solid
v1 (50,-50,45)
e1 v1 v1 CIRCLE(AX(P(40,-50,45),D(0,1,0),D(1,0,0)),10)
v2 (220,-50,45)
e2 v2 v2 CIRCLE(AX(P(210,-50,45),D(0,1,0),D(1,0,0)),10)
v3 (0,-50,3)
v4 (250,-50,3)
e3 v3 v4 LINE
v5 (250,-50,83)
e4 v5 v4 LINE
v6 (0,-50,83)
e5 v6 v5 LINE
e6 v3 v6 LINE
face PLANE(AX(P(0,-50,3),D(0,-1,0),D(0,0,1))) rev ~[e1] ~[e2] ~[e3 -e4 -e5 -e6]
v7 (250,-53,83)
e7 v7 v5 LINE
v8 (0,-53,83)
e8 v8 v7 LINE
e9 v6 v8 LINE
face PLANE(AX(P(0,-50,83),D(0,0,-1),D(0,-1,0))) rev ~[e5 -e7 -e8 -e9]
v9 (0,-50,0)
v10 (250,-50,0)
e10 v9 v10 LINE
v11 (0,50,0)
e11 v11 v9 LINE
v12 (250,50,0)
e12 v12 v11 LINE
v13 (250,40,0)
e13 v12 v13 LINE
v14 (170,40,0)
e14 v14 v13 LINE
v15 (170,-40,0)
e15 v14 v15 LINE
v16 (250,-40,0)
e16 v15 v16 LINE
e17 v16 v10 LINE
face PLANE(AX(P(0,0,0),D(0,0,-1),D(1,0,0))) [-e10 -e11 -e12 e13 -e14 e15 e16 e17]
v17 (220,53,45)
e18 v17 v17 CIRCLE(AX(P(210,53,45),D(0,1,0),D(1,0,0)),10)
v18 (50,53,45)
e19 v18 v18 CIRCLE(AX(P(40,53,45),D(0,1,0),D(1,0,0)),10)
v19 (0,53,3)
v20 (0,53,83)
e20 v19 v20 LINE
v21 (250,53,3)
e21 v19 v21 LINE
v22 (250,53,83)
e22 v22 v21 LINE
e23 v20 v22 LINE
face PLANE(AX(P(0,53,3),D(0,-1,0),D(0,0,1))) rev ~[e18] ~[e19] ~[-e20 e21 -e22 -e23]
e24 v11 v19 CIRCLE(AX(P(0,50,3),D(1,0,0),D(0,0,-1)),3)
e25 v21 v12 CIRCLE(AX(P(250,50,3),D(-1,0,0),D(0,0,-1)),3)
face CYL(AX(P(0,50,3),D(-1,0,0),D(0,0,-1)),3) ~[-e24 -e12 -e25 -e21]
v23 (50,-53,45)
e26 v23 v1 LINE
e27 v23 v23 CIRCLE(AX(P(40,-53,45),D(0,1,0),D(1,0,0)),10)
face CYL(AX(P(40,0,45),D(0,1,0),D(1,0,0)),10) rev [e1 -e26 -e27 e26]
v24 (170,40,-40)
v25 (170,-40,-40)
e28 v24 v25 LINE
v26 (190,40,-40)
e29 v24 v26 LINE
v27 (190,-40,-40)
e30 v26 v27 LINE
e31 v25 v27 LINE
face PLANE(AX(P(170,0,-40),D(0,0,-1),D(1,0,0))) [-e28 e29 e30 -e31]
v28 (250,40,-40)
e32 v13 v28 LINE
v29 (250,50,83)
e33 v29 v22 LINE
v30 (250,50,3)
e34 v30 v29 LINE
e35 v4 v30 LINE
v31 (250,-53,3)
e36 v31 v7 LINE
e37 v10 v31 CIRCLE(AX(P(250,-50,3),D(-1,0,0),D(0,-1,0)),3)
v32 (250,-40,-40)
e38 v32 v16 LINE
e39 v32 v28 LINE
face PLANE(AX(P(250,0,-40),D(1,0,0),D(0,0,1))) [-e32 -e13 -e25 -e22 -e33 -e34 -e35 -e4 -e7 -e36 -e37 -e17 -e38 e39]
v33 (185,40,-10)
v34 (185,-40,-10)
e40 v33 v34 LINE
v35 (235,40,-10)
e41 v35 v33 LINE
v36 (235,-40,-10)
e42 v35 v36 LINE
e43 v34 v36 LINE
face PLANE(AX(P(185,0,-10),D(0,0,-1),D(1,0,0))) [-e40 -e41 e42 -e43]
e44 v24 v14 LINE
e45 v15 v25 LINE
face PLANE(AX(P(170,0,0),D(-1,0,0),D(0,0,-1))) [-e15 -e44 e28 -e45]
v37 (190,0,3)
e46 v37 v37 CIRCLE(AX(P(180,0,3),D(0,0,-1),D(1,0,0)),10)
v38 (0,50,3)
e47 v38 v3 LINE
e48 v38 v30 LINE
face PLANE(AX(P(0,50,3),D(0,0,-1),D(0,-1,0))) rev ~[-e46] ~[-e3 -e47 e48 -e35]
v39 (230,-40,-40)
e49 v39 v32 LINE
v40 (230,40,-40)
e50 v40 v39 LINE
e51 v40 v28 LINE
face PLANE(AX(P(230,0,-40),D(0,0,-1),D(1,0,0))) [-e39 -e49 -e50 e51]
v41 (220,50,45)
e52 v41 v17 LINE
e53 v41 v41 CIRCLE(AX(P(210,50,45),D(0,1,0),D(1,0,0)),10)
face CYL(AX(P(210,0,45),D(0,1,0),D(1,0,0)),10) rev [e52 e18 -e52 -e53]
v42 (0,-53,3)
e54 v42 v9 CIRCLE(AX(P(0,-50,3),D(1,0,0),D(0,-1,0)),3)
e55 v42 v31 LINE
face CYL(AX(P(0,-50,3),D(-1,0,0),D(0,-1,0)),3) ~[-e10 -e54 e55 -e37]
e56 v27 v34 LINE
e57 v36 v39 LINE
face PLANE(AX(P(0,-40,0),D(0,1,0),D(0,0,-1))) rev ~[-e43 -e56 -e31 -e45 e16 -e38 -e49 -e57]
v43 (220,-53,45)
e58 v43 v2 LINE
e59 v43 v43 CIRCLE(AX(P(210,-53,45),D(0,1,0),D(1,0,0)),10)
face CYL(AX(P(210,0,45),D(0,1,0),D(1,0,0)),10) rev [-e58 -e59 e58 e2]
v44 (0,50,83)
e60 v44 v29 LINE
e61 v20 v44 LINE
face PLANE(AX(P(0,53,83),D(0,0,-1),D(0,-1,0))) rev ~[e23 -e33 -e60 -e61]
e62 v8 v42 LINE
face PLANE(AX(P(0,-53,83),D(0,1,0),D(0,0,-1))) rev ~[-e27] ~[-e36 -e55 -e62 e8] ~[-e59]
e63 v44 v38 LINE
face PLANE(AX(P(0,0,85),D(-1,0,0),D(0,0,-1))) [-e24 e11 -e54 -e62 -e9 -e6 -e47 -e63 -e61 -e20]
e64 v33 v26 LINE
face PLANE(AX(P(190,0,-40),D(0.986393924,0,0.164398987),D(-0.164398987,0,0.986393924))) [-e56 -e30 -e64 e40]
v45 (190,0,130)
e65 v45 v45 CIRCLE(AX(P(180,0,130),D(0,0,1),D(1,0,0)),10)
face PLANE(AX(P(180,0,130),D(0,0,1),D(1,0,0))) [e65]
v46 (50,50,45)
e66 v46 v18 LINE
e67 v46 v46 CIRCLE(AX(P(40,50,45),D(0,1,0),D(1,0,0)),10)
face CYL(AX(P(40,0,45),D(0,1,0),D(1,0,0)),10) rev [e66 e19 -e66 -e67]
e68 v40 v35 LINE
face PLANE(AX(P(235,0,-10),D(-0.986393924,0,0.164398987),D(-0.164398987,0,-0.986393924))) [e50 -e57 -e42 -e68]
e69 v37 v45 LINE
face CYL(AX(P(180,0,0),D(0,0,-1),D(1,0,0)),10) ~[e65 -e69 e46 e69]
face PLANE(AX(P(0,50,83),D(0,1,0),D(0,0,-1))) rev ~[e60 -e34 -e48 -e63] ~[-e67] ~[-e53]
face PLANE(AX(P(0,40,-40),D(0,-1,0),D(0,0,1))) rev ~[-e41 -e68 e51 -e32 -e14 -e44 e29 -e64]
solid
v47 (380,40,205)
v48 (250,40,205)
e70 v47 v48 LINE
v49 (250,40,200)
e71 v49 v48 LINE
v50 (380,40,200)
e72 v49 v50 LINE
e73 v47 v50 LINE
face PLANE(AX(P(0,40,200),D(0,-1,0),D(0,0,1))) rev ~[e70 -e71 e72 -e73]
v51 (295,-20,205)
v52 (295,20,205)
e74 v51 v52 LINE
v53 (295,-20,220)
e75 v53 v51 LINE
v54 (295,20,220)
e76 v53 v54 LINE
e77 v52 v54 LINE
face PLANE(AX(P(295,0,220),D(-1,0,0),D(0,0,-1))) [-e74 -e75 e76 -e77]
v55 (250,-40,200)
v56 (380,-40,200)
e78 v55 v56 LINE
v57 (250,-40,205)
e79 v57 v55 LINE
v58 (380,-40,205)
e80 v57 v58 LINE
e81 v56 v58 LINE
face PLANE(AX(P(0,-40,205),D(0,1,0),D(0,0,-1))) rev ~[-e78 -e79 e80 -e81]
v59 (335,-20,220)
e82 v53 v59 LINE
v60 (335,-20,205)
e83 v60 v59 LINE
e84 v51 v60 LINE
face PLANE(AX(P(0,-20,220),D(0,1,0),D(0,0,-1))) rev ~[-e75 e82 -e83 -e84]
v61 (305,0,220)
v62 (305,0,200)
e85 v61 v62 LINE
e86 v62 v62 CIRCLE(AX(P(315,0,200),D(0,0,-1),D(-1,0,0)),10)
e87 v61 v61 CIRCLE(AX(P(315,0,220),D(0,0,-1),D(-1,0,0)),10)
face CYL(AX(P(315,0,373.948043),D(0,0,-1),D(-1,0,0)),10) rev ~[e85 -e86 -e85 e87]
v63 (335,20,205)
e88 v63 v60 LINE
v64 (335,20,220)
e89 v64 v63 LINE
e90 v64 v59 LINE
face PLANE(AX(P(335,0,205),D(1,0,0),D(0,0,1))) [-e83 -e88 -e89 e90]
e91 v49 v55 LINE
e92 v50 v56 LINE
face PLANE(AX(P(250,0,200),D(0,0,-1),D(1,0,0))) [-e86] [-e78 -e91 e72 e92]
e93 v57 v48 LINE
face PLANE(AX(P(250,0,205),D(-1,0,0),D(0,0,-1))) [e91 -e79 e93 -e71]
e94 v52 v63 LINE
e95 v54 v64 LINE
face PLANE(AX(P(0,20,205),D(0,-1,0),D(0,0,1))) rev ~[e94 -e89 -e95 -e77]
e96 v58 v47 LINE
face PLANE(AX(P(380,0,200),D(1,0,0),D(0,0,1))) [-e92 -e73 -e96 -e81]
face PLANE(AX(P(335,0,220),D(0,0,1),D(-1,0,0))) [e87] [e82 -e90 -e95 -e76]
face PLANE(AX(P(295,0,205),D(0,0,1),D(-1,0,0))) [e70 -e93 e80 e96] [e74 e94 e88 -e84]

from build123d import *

# Parameters (mm, degrees)
F0_W     = 250
F0_H     = 80
F0_R     = 10
F3_DEPTH = 103
F4_DEPTH = 437
F2_R     = 10
F5_DEPTH = 130
F7_D     = 20


with BuildPart() as f3:
    # F0 (on Front) → F3 (new body, symmetric)
    with BuildSketch(Plane.XZ):
        with Locations((125, 45)):
            Rectangle(F0_W, F0_H)
        with Locations((40, 45)):
            Circle(F0_R, mode=Mode.SUBTRACT)
        with Locations((210, 45)):
            Circle(F0_R, mode=Mode.SUBTRACT)
        Polygon((0, 5), (0, 0), (170, 0), (250, 0), (250, 5), align=None)
        Polygon((250, 0), (170, 0), (170, -40), (190, -40), (185, -10), (235, -10), (230, -40), (250, -40), align=None)
    extrude(amount=F3_DEPTH, both=True)


with BuildPart() as f3b:
    # F0 (on Front) → F3, piece 2 (new body, symmetric)
    with BuildSketch(Plane.XZ):
        Polygon((250, 205), (250, 200), (380, 200), (380, 205), (335, 205), (335, 220), (295, 220), (295, 205), align=None)
    extrude(amount=F3_DEPTH, both=True)


with BuildPart() as f4_tool:
    # F1 (on Right) → F4 (new body)
    with BuildSketch(Plane.YZ):
        with BuildLine():
            Line((-40, 0), (0, 0))
            Line((0, 0), (40, 0))
            Line((40, 0), (50, 0))
            ThreePointArc((50, 0), (52.1213203436, 0.8786796564), (53, 3))
            Line((53, 3), (53, 83))
            Line((53, 83), (50, 83))
            Line((50, 83), (50, 3))
            Line((50, 3), (-50, 3))
            Line((-50, 3), (-50, 83))
            Line((-50, 83), (-53, 83))
            Line((-53, 83), (-53, 3))
            ThreePointArc((-53, 3), (-52.1213203436, 0.8786796564), (-50, 0))
            Line((-50, 0), (-40, 0))
        make_face()
        Polygon((40, 0), (0, 0), (-40, 0), (-40, -40), (0, -40), (40, -40), align=None)
        Polygon((-40, 200), (0, 200), (40, 200), (40, 205), (20, 205), (20, 220), (-20, 220), (-20, 205), (-40, 205), align=None)
    extrude(amount=F4_DEPTH)


with BuildPart() as f3_1:
    add(f3.part)

    # F4: intersect by f4_tool
    add(f4_tool.part, mode=Mode.INTERSECT)

    # F2 (on Top) → F5 (join)
    with BuildSketch(Plane.XY):
        with Locations((180, 0)):
            Circle(F2_R)
    extrude(amount=F5_DEPTH)


with BuildPart() as f3b_1:
    add(f3b.part)

    # F4: intersect by f4_tool
    add(f4_tool.part, mode=Mode.INTERSECT)

    # F7 (through all)
    with Locations(Plane.XY.offset(220)):
        with Locations((315, 0)):
            Hole(F7_D / 2)


solid = Compound([f3_1.part, f3b_1.part])
